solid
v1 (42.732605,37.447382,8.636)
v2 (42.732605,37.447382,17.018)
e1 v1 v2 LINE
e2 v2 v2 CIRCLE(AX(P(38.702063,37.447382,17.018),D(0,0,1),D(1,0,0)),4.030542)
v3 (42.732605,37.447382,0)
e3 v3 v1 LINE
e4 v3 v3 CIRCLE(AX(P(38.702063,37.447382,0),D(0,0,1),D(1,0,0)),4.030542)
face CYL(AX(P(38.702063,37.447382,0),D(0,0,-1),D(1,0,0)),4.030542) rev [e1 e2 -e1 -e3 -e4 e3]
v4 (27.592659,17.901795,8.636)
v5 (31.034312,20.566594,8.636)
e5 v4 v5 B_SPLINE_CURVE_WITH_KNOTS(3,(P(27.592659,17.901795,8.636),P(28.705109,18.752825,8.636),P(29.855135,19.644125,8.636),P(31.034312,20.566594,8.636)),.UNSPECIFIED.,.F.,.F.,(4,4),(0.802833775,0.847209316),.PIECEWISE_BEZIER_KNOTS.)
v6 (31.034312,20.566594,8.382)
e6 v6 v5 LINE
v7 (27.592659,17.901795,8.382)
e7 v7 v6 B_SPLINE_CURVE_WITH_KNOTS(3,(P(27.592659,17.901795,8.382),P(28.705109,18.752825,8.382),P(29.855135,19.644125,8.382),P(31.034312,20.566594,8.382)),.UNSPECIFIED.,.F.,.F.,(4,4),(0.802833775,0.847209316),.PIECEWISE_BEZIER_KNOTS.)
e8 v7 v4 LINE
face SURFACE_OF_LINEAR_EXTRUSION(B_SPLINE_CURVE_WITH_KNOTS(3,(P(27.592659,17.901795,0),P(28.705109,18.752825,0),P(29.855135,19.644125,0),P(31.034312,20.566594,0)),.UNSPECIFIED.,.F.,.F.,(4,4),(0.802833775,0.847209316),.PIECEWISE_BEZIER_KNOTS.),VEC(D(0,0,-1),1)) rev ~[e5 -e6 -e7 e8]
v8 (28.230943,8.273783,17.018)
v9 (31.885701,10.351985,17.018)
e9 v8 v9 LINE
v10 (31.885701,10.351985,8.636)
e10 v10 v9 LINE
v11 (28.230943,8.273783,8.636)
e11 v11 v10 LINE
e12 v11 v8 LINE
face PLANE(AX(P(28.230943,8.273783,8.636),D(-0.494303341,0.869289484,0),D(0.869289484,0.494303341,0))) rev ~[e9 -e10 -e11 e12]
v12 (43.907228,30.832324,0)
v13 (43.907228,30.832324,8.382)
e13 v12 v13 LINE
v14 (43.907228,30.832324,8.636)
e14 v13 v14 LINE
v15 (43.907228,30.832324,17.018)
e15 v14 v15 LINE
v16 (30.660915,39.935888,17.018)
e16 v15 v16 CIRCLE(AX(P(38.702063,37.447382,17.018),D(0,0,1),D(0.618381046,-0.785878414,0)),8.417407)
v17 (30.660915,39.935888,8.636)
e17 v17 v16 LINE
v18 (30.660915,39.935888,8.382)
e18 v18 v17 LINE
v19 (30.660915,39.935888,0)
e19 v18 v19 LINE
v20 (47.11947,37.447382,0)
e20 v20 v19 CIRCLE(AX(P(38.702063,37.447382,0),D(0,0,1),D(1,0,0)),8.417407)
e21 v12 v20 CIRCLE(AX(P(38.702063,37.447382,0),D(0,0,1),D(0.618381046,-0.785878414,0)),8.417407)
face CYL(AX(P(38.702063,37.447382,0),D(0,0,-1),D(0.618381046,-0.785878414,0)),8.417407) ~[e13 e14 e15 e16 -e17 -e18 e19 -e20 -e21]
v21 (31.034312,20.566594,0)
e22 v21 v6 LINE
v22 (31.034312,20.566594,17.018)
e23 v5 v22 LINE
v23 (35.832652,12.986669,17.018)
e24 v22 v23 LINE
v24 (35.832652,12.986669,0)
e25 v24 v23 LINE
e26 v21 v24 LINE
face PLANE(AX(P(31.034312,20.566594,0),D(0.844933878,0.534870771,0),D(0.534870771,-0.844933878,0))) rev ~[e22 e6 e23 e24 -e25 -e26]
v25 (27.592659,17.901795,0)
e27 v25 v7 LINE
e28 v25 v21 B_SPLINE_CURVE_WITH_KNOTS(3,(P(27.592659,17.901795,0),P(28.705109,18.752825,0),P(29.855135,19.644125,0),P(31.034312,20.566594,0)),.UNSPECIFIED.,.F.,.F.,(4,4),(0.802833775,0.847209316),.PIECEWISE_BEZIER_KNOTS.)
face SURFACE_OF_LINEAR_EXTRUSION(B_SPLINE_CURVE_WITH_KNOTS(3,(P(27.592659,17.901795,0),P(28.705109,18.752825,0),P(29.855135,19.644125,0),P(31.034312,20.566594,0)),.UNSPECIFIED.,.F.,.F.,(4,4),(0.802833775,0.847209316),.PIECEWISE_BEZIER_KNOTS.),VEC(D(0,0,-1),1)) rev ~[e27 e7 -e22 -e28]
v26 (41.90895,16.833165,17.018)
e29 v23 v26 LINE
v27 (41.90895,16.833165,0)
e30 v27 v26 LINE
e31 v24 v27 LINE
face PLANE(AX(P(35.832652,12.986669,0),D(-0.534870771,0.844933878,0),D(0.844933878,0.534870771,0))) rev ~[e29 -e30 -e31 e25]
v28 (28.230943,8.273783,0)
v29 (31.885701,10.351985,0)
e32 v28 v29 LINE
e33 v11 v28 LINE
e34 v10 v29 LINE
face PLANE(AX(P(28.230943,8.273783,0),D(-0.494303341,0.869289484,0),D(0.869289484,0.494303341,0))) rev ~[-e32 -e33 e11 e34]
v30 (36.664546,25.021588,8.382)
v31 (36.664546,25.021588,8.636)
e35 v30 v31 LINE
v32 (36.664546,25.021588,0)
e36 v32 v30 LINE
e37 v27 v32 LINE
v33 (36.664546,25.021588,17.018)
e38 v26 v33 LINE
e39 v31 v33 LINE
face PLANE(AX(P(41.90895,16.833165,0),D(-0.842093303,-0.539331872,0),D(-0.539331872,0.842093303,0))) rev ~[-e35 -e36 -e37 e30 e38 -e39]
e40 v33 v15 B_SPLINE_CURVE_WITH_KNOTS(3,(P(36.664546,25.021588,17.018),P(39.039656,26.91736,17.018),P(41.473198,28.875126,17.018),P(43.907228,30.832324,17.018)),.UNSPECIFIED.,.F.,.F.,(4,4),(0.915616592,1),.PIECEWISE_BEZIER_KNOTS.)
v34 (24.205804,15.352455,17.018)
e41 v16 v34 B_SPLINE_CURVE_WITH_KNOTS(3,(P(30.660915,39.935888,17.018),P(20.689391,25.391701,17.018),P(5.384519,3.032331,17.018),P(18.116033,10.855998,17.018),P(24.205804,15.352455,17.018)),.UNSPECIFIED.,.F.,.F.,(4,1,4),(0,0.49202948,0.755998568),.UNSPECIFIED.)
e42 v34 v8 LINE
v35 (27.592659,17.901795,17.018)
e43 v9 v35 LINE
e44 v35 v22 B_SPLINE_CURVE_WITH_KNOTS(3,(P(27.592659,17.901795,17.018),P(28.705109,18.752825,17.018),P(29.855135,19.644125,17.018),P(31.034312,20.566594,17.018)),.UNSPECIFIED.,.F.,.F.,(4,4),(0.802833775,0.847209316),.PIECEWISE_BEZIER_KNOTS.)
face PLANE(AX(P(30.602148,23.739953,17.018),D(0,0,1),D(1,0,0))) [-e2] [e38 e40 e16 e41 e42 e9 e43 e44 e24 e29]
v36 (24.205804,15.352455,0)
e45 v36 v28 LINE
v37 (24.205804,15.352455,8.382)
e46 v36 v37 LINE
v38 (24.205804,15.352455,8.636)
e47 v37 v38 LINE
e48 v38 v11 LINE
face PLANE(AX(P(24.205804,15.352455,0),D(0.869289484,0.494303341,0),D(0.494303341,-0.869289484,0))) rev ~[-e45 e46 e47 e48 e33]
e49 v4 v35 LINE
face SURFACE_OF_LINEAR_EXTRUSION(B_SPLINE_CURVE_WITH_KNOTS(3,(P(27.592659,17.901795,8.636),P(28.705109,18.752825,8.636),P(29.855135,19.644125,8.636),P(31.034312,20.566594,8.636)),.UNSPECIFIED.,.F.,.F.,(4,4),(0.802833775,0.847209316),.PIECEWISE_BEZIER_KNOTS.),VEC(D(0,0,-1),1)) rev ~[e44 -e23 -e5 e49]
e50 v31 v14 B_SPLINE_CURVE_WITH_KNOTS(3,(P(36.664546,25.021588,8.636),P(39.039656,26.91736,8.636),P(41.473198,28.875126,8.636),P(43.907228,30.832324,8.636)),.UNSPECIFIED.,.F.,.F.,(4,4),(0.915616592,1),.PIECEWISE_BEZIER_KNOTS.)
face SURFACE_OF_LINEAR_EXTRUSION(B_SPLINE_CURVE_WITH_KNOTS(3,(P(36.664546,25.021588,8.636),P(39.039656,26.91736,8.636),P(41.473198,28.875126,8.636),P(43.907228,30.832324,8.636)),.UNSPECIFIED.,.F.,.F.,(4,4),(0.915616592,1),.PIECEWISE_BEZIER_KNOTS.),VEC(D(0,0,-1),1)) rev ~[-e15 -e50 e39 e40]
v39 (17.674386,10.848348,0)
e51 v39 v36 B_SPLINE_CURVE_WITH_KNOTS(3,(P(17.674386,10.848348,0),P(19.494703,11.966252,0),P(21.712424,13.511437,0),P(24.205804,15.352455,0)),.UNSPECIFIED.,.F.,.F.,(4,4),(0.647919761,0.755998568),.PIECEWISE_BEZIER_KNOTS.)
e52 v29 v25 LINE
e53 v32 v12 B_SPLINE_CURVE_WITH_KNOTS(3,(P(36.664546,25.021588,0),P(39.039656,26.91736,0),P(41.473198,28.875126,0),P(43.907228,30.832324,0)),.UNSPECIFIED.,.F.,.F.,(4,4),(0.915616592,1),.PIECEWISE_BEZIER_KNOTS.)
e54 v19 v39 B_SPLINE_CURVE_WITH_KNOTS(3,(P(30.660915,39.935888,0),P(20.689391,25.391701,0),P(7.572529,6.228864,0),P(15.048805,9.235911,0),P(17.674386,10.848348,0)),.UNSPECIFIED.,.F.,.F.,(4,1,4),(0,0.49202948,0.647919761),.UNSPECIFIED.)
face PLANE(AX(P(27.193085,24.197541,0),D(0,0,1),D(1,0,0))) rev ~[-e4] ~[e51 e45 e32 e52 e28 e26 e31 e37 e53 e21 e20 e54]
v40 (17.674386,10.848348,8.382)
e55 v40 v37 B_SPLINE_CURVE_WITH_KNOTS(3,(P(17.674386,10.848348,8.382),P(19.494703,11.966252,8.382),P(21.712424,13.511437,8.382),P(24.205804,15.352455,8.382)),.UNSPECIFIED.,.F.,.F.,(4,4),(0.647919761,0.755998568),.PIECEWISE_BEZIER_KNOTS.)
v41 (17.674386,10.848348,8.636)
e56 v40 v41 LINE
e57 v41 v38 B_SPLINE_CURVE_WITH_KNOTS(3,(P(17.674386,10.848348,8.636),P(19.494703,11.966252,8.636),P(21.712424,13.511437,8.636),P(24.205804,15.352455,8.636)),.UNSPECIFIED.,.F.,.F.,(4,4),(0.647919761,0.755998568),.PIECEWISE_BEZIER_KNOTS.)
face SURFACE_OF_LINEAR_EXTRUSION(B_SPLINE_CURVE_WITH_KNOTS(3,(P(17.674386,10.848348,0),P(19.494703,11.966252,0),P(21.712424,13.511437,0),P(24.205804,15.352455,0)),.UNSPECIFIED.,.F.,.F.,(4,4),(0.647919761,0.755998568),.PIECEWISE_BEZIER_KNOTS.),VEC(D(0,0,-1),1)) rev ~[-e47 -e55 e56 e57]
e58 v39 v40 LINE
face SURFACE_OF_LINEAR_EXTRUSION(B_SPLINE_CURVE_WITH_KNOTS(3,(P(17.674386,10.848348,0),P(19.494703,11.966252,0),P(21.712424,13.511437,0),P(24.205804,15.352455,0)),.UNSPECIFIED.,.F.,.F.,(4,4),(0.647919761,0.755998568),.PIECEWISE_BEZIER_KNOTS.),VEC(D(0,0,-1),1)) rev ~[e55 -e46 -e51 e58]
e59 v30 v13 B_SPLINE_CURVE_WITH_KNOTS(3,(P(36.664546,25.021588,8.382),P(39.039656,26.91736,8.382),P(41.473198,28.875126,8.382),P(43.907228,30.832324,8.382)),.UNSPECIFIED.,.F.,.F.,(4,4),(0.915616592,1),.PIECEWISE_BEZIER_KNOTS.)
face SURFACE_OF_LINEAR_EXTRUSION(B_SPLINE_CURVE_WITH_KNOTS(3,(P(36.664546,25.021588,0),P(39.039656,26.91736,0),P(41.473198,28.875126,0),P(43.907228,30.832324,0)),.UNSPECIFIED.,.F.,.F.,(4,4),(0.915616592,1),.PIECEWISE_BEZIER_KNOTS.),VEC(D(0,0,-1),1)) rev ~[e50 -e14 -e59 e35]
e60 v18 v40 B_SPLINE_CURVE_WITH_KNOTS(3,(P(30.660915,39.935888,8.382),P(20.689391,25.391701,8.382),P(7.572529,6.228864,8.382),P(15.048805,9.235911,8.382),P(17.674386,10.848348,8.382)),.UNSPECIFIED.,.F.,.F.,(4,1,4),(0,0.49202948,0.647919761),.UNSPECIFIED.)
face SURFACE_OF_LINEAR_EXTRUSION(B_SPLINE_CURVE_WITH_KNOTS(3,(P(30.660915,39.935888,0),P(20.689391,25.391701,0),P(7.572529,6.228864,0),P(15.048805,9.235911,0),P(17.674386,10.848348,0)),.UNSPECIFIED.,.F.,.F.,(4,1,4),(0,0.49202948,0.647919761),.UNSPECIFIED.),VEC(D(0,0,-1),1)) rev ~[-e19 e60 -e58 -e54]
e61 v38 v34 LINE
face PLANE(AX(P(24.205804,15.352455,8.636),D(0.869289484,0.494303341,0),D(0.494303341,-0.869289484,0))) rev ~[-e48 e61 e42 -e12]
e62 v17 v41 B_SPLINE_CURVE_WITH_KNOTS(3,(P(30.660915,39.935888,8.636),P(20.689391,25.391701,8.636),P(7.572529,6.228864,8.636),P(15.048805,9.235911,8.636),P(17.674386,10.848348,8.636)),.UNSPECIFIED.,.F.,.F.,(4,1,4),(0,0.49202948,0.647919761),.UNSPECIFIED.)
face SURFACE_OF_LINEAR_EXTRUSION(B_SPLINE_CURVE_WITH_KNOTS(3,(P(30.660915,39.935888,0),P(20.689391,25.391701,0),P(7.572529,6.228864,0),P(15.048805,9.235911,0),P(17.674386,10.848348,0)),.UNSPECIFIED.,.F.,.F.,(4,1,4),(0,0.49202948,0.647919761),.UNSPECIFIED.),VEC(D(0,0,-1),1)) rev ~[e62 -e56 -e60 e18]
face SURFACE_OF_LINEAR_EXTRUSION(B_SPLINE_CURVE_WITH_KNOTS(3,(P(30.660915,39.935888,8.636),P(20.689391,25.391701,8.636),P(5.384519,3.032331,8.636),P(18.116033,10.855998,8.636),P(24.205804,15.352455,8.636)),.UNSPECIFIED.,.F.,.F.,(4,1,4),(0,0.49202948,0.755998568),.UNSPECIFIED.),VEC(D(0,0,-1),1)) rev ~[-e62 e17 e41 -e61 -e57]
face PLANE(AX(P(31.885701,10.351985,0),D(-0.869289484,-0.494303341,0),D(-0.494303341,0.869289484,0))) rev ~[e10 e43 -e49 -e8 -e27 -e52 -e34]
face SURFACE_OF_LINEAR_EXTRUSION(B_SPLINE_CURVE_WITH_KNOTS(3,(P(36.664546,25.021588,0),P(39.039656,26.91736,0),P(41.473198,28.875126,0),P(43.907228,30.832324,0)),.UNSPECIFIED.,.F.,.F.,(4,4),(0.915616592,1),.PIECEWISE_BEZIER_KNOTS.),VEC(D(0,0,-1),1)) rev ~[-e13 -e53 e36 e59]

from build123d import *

# Parameters (mm, degrees)
F0_R      = 4.0305419328
F1_DEPTH  = 3.302
F0_W      = 6.9032675428
F0_H      = 3.0255816225
F2_DEPTH  = 8.382
F3_DEPTH  = 8.636
F3_FACE_R = 4.0305419328
F4_DEPTH  = 8.382


with BuildPart() as f1:
    # F0 (on Top) → F1 (new body)
    with BuildSketch(Plane.XY):
        with BuildLine():
            ThreePointArc((43.9072279078, 30.8323236787), (46.2739427937, 33.7705117874), (47.119469779, 37.4473817647))
            ThreePointArc((47.119469779, 37.4473817647), (39.9604583774, 45.7701922395), (30.6609147446, 39.9358879389))
            ThreePointArc((30.6609147446, 39.9358879389), (33.9345249364, 30.5102850539), (43.9072279078, 30.8323236787))
        make_face()
        with Locations((38.7020632625, 37.4473817647)):
            Circle(F0_R, mode=Mode.SUBTRACT)
    extrude(amount=F1_DEPTH)

    # F0 (on Top) → F2 (join)
    with BuildSketch(Plane.XY):
        with BuildLine():
            ThreePointArc((43.9072279078, 30.8323236787), (33.9345249364, 30.5102850539), (30.6609147446, 39.9358879389))
            add(Edge.make_bspline(
                [(30.6609147446, 39.9358879389), (20.6893909727, 25.39170121), (7.5725286082, 6.2288638322), (15.0488049768, 9.2359109291), (17.6743862153, 10.8483482297)],
                knots=[0, 0, 0, 0, 0.4920294796, 0.647919761, 0.647919761, 0.647919761, 0.647919761], degree=3))
            add(Edge.make_bspline(
                [(17.6743862153, 10.8483482297), (19.4947029558, 11.9662517888), (21.7124243986, 13.5114372855), (24.2058042392, 15.3524549365)],
                knots=[0.647919761, 0.647919761, 0.647919761, 0.647919761, 0.7559985684, 0.7559985684, 0.7559985684, 0.7559985684], degree=3))
            add(Edge.make_bspline(
                [(24.2058042392, 15.3524549365), (25.2862932119, 16.1502472496), (26.4185470415, 17.0035927737), (27.5926585156, 17.9017946674)],
                knots=[0.7559985684, 0.7559985684, 0.7559985684, 0.7559985684, 0.8028337748, 0.8028337748, 0.8028337748, 0.8028337748], degree=3))
            add(Edge.make_bspline(
                [(27.5926585156, 17.9017946674), (28.7051086684, 18.7528253029), (29.8551354005, 19.6441245426), (31.0343118638, 20.5665938982)],
                knots=[0.8028337748, 0.8028337748, 0.8028337748, 0.8028337748, 0.8472093164, 0.8472093164, 0.8472093164, 0.8472093164], degree=3))
            add(Edge.make_bspline(
                [(31.0343118638, 20.5665938982), (32.852075568, 21.9886298403), (34.7391103278, 23.4847380549), (36.6645458304, 25.0215877893)],
                knots=[0.8472093164, 0.8472093164, 0.8472093164, 0.8472093164, 0.9156165916, 0.9156165916, 0.9156165916, 0.9156165916], degree=3))
            add(Edge.make_bspline(
                [(36.6645458304, 25.0215877893), (39.0396559305, 26.9173601078), (41.4731978173, 28.8751260137), (43.9072279078, 30.8323236787)],
                knots=[0.9156165916, 0.9156165916, 0.9156165916, 0.9156165916, 1, 1, 1, 1], degree=3))
        make_face()
        with Locations((24.1410247442, 19.4145854787)):
            Rectangle(F0_W, F0_H, mode=Mode.SUBTRACT)
        with BuildLine():
            ThreePointArc((43.9072279078, 30.8323236787), (46.2739427937, 33.7705117874), (47.119469779, 37.4473817647))
            ThreePointArc((47.119469779, 37.4473817647), (39.9604583774, 45.7701922395), (30.6609147446, 39.9358879389))
            ThreePointArc((30.6609147446, 39.9358879389), (33.9345249364, 30.5102850539), (43.9072279078, 30.8323236787))
        make_face()
        with Locations((38.7020632625, 37.4473817647)):
            Circle(F0_R, mode=Mode.SUBTRACT)
        with BuildLine():
            Line((41.9089498552, 16.8331647905), (36.6645458304, 25.0215877893))
            add(Edge.make_bspline(
                [(31.0343118638, 20.5665938982), (32.852075568, 21.9886298403), (34.7391103278, 23.4847380549), (36.6645458304, 25.0215877893)],
                knots=[0.8472093164, 0.8472093164, 0.8472093164, 0.8472093164, 0.9156165916, 0.9156165916, 0.9156165916, 0.9156165916], degree=3))
            Line((31.0343118638, 20.5665938982), (35.8326518562, 12.986669483))
            Line((35.8326518562, 12.986669483), (41.9089498552, 16.8331647905))
        make_face()
        with BuildLine():
            add(Edge.make_bspline(
                [(24.2058042392, 15.3524549365), (25.2862932119, 16.1502472496), (26.4185470415, 17.0035927737), (27.5926585156, 17.9017946674)],
                knots=[0.7559985684, 0.7559985684, 0.7559985684, 0.7559985684, 0.8028337748, 0.8028337748, 0.8028337748, 0.8028337748], degree=3))
            Line((24.2058042392, 15.3524549365), (28.2309433092, 8.273783253))
            Line((28.2309433092, 8.273783253), (31.8857005226, 10.3519847446))
            Line((31.8857005226, 10.3519847446), (27.5926585156, 17.9017946674))
        make_face()
        with Locations((24.1410247442, 19.4145854787)):
            Rectangle(F0_W, F0_H)
    extrude(amount=F2_DEPTH)

    # F0 (on Top) → F3 (join)
    with BuildSketch(Plane.XY):
        with BuildLine():
            ThreePointArc((43.9072279078, 30.8323236787), (33.9345249364, 30.5102850539), (30.6609147446, 39.9358879389))
            add(Edge.make_bspline(
                [(30.6609147446, 39.9358879389), (20.6893909727, 25.39170121), (7.5725286082, 6.2288638322), (15.0488049768, 9.2359109291), (17.6743862153, 10.8483482297)],
                knots=[0, 0, 0, 0, 0.4920294796, 0.647919761, 0.647919761, 0.647919761, 0.647919761], degree=3))
            add(Edge.make_bspline(
                [(17.6743862153, 10.8483482297), (19.4947029558, 11.9662517888), (21.7124243986, 13.5114372855), (24.2058042392, 15.3524549365)],
                knots=[0.647919761, 0.647919761, 0.647919761, 0.647919761, 0.7559985684, 0.7559985684, 0.7559985684, 0.7559985684], degree=3))
            add(Edge.make_bspline(
                [(24.2058042392, 15.3524549365), (25.2862932119, 16.1502472496), (26.4185470415, 17.0035927737), (27.5926585156, 17.9017946674)],
                knots=[0.7559985684, 0.7559985684, 0.7559985684, 0.7559985684, 0.8028337748, 0.8028337748, 0.8028337748, 0.8028337748], degree=3))
            add(Edge.make_bspline(
                [(27.5926585156, 17.9017946674), (28.7051086684, 18.7528253029), (29.8551354005, 19.6441245426), (31.0343118638, 20.5665938982)],
                knots=[0.8028337748, 0.8028337748, 0.8028337748, 0.8028337748, 0.8472093164, 0.8472093164, 0.8472093164, 0.8472093164], degree=3))
            add(Edge.make_bspline(
                [(31.0343118638, 20.5665938982), (32.852075568, 21.9886298403), (34.7391103278, 23.4847380549), (36.6645458304, 25.0215877893)],
                knots=[0.8472093164, 0.8472093164, 0.8472093164, 0.8472093164, 0.9156165916, 0.9156165916, 0.9156165916, 0.9156165916], degree=3))
            add(Edge.make_bspline(
                [(36.6645458304, 25.0215877893), (39.0396559305, 26.9173601078), (41.4731978173, 28.8751260137), (43.9072279078, 30.8323236787)],
                knots=[0.9156165916, 0.9156165916, 0.9156165916, 0.9156165916, 1, 1, 1, 1], degree=3))
        make_face()
        with Locations((24.1410247442, 19.4145854787)):
            Rectangle(F0_W, F0_H, mode=Mode.SUBTRACT)
        with BuildLine():
            ThreePointArc((43.9072279078, 30.8323236787), (46.2739427937, 33.7705117874), (47.119469779, 37.4473817647))
            ThreePointArc((47.119469779, 37.4473817647), (39.9604583774, 45.7701922395), (30.6609147446, 39.9358879389))
            ThreePointArc((30.6609147446, 39.9358879389), (33.9345249364, 30.5102850539), (43.9072279078, 30.8323236787))
        make_face()
        with Locations((38.7020632625, 37.4473817647)):
            Circle(F0_R, mode=Mode.SUBTRACT)
        with BuildLine():
            Line((41.9089498552, 16.8331647905), (36.6645458304, 25.0215877893))
            add(Edge.make_bspline(
                [(31.0343118638, 20.5665938982), (32.852075568, 21.9886298403), (34.7391103278, 23.4847380549), (36.6645458304, 25.0215877893)],
                knots=[0.8472093164, 0.8472093164, 0.8472093164, 0.8472093164, 0.9156165916, 0.9156165916, 0.9156165916, 0.9156165916], degree=3))
            Line((31.0343118638, 20.5665938982), (35.8326518562, 12.986669483))
            Line((35.8326518562, 12.986669483), (41.9089498552, 16.8331647905))
        make_face()
        with BuildLine():
            add(Edge.make_bspline(
                [(24.2058042392, 15.3524549365), (25.2862932119, 16.1502472496), (26.4185470415, 17.0035927737), (27.5926585156, 17.9017946674)],
                knots=[0.7559985684, 0.7559985684, 0.7559985684, 0.7559985684, 0.8028337748, 0.8028337748, 0.8028337748, 0.8028337748], degree=3))
            Line((24.2058042392, 15.3524549365), (28.2309433092, 8.273783253))
            Line((28.2309433092, 8.273783253), (31.8857005226, 10.3519847446))
            Line((31.8857005226, 10.3519847446), (27.5926585156, 17.9017946674))
        make_face()
        with Locations((24.1410247442, 19.4145854787)):
            Rectangle(F0_W, F0_H)
    extrude(amount=F3_DEPTH)

    # F0 (on Top) + F3_face (on face) → F4 (join)
    with BuildSketch(Plane.XY):
        with BuildLine():
            ThreePointArc((43.9072279078, 30.8323236787), (33.9345249364, 30.5102850539), (30.6609147446, 39.9358879389))
            add(Edge.make_bspline(
                [(30.6609147446, 39.9358879389), (20.6893909727, 25.39170121), (7.5725286082, 6.2288638322), (15.0488049768, 9.2359109291), (17.6743862153, 10.8483482297)],
                knots=[0, 0, 0, 0, 0.4920294796, 0.647919761, 0.647919761, 0.647919761, 0.647919761], degree=3))
            add(Edge.make_bspline(
                [(17.6743862153, 10.8483482297), (19.4947029558, 11.9662517888), (21.7124243986, 13.5114372855), (24.2058042392, 15.3524549365)],
                knots=[0.647919761, 0.647919761, 0.647919761, 0.647919761, 0.7559985684, 0.7559985684, 0.7559985684, 0.7559985684], degree=3))
            add(Edge.make_bspline(
                [(24.2058042392, 15.3524549365), (25.2862932119, 16.1502472496), (26.4185470415, 17.0035927737), (27.5926585156, 17.9017946674)],
                knots=[0.7559985684, 0.7559985684, 0.7559985684, 0.7559985684, 0.8028337748, 0.8028337748, 0.8028337748, 0.8028337748], degree=3))
            add(Edge.make_bspline(
                [(27.5926585156, 17.9017946674), (28.7051086684, 18.7528253029), (29.8551354005, 19.6441245426), (31.0343118638, 20.5665938982)],
                knots=[0.8028337748, 0.8028337748, 0.8028337748, 0.8028337748, 0.8472093164, 0.8472093164, 0.8472093164, 0.8472093164], degree=3))
            add(Edge.make_bspline(
                [(31.0343118638, 20.5665938982), (32.852075568, 21.9886298403), (34.7391103278, 23.4847380549), (36.6645458304, 25.0215877893)],
                knots=[0.8472093164, 0.8472093164, 0.8472093164, 0.8472093164, 0.9156165916, 0.9156165916, 0.9156165916, 0.9156165916], degree=3))
            add(Edge.make_bspline(
                [(36.6645458304, 25.0215877893), (39.0396559305, 26.9173601078), (41.4731978173, 28.8751260137), (43.9072279078, 30.8323236787)],
                knots=[0.9156165916, 0.9156165916, 0.9156165916, 0.9156165916, 1, 1, 1, 1], degree=3))
        make_face()
        with Locations((24.1410247442, 19.4145854787)):
            Rectangle(F0_W, F0_H, mode=Mode.SUBTRACT)
        with BuildLine():
            ThreePointArc((43.9072279078, 30.8323236787), (46.2739427937, 33.7705117874), (47.119469779, 37.4473817647))
            ThreePointArc((47.119469779, 37.4473817647), (39.9604583774, 45.7701922395), (30.6609147446, 39.9358879389))
            ThreePointArc((30.6609147446, 39.9358879389), (33.9345249364, 30.5102850539), (43.9072279078, 30.8323236787))
        make_face()
        with Locations((38.7020632625, 37.4473817647)):
            Circle(F0_R, mode=Mode.SUBTRACT)
        with BuildLine():
            Line((41.9089498552, 16.8331647905), (36.6645458304, 25.0215877893))
            add(Edge.make_bspline(
                [(31.0343118638, 20.5665938982), (32.852075568, 21.9886298403), (34.7391103278, 23.4847380549), (36.6645458304, 25.0215877893)],
                knots=[0.8472093164, 0.8472093164, 0.8472093164, 0.8472093164, 0.9156165916, 0.9156165916, 0.9156165916, 0.9156165916], degree=3))
            Line((31.0343118638, 20.5665938982), (35.8326518562, 12.986669483))
            Line((35.8326518562, 12.986669483), (41.9089498552, 16.8331647905))
        make_face()
        with BuildLine():
            add(Edge.make_bspline(
                [(24.2058042392, 15.3524549365), (25.2862932119, 16.1502472496), (26.4185470415, 17.0035927737), (27.5926585156, 17.9017946674)],
                knots=[0.7559985684, 0.7559985684, 0.7559985684, 0.7559985684, 0.8028337748, 0.8028337748, 0.8028337748, 0.8028337748], degree=3))
            Line((24.2058042392, 15.3524549365), (28.2309433092, 8.273783253))
            Line((28.2309433092, 8.273783253), (31.8857005226, 10.3519847446))
            Line((31.8857005226, 10.3519847446), (27.5926585156, 17.9017946674))
        make_face()
        with Locations((24.1410247442, 19.4145854787)):
            Rectangle(F0_W, F0_H)
    with BuildSketch(Plane(origin=(31.1212080888, 26.3654113586, 8.636), x_dir=(1, 0, 0), z_dir=(0, 0, 1))):
        with BuildLine():
            add(Edge.make_bspline(
                [(-0.4602933442, 13.5704765802), (-10.4318171161, -0.9737101486), (-25.736689364, -23.333080082), (-13.0051750128, -15.5094138089), (-6.9154038496, -11.0129564222)],
                knots=[0, 0, 0, 0, 0.4920294796, 0.7559985684, 0.7559985684, 0.7559985684, 0.7559985684], degree=3))
            Line((-6.9154038496, -11.0129564222), (-2.8902647797, -18.0916281056))
            Line((-2.8902647797, -18.0916281056), (0.7644924338, -16.013426614))
            Line((0.7644924338, -16.013426614), (-3.5285495732, -8.4636166912))
            add(Edge.make_bspline(
                [(-3.5285495732, -8.4636166912), (-2.4160994204, -7.6125860558), (-1.2660726883, -6.7212868161), (-0.086896225, -5.7988174604)],
                knots=[0.8028337748, 0.8028337748, 0.8028337748, 0.8028337748, 0.8472093164, 0.8472093164, 0.8472093164, 0.8472093164], degree=3))
            Line((-0.086896225, -5.7988174604), (4.7114437674, -13.3787418756))
            Line((4.7114437674, -13.3787418756), (10.7877417664, -9.5322465681))
            Line((10.7877417664, -9.5322465681), (5.5433377416, -1.3438235693))
            add(Edge.make_bspline(
                [(5.5433377416, -1.3438235693), (7.9184478417, 0.5519487491), (10.3519897285, 2.509714655), (12.786019819, 4.4669123201)],
                knots=[0.9156165916, 0.9156165916, 0.9156165916, 0.9156165916, 1, 1, 1, 1], degree=3))
            ThreePointArc((12.786019819, 4.4669123201), (12.3483934997, 18.0190671168), (-0.4602933442, 13.5704765802))
        make_face()
        with Locations((7.5808551736, 11.081970406)):
            Circle(F3_FACE_R, mode=Mode.SUBTRACT)
    extrude(amount=F4_DEPTH)


solid = f1.part
